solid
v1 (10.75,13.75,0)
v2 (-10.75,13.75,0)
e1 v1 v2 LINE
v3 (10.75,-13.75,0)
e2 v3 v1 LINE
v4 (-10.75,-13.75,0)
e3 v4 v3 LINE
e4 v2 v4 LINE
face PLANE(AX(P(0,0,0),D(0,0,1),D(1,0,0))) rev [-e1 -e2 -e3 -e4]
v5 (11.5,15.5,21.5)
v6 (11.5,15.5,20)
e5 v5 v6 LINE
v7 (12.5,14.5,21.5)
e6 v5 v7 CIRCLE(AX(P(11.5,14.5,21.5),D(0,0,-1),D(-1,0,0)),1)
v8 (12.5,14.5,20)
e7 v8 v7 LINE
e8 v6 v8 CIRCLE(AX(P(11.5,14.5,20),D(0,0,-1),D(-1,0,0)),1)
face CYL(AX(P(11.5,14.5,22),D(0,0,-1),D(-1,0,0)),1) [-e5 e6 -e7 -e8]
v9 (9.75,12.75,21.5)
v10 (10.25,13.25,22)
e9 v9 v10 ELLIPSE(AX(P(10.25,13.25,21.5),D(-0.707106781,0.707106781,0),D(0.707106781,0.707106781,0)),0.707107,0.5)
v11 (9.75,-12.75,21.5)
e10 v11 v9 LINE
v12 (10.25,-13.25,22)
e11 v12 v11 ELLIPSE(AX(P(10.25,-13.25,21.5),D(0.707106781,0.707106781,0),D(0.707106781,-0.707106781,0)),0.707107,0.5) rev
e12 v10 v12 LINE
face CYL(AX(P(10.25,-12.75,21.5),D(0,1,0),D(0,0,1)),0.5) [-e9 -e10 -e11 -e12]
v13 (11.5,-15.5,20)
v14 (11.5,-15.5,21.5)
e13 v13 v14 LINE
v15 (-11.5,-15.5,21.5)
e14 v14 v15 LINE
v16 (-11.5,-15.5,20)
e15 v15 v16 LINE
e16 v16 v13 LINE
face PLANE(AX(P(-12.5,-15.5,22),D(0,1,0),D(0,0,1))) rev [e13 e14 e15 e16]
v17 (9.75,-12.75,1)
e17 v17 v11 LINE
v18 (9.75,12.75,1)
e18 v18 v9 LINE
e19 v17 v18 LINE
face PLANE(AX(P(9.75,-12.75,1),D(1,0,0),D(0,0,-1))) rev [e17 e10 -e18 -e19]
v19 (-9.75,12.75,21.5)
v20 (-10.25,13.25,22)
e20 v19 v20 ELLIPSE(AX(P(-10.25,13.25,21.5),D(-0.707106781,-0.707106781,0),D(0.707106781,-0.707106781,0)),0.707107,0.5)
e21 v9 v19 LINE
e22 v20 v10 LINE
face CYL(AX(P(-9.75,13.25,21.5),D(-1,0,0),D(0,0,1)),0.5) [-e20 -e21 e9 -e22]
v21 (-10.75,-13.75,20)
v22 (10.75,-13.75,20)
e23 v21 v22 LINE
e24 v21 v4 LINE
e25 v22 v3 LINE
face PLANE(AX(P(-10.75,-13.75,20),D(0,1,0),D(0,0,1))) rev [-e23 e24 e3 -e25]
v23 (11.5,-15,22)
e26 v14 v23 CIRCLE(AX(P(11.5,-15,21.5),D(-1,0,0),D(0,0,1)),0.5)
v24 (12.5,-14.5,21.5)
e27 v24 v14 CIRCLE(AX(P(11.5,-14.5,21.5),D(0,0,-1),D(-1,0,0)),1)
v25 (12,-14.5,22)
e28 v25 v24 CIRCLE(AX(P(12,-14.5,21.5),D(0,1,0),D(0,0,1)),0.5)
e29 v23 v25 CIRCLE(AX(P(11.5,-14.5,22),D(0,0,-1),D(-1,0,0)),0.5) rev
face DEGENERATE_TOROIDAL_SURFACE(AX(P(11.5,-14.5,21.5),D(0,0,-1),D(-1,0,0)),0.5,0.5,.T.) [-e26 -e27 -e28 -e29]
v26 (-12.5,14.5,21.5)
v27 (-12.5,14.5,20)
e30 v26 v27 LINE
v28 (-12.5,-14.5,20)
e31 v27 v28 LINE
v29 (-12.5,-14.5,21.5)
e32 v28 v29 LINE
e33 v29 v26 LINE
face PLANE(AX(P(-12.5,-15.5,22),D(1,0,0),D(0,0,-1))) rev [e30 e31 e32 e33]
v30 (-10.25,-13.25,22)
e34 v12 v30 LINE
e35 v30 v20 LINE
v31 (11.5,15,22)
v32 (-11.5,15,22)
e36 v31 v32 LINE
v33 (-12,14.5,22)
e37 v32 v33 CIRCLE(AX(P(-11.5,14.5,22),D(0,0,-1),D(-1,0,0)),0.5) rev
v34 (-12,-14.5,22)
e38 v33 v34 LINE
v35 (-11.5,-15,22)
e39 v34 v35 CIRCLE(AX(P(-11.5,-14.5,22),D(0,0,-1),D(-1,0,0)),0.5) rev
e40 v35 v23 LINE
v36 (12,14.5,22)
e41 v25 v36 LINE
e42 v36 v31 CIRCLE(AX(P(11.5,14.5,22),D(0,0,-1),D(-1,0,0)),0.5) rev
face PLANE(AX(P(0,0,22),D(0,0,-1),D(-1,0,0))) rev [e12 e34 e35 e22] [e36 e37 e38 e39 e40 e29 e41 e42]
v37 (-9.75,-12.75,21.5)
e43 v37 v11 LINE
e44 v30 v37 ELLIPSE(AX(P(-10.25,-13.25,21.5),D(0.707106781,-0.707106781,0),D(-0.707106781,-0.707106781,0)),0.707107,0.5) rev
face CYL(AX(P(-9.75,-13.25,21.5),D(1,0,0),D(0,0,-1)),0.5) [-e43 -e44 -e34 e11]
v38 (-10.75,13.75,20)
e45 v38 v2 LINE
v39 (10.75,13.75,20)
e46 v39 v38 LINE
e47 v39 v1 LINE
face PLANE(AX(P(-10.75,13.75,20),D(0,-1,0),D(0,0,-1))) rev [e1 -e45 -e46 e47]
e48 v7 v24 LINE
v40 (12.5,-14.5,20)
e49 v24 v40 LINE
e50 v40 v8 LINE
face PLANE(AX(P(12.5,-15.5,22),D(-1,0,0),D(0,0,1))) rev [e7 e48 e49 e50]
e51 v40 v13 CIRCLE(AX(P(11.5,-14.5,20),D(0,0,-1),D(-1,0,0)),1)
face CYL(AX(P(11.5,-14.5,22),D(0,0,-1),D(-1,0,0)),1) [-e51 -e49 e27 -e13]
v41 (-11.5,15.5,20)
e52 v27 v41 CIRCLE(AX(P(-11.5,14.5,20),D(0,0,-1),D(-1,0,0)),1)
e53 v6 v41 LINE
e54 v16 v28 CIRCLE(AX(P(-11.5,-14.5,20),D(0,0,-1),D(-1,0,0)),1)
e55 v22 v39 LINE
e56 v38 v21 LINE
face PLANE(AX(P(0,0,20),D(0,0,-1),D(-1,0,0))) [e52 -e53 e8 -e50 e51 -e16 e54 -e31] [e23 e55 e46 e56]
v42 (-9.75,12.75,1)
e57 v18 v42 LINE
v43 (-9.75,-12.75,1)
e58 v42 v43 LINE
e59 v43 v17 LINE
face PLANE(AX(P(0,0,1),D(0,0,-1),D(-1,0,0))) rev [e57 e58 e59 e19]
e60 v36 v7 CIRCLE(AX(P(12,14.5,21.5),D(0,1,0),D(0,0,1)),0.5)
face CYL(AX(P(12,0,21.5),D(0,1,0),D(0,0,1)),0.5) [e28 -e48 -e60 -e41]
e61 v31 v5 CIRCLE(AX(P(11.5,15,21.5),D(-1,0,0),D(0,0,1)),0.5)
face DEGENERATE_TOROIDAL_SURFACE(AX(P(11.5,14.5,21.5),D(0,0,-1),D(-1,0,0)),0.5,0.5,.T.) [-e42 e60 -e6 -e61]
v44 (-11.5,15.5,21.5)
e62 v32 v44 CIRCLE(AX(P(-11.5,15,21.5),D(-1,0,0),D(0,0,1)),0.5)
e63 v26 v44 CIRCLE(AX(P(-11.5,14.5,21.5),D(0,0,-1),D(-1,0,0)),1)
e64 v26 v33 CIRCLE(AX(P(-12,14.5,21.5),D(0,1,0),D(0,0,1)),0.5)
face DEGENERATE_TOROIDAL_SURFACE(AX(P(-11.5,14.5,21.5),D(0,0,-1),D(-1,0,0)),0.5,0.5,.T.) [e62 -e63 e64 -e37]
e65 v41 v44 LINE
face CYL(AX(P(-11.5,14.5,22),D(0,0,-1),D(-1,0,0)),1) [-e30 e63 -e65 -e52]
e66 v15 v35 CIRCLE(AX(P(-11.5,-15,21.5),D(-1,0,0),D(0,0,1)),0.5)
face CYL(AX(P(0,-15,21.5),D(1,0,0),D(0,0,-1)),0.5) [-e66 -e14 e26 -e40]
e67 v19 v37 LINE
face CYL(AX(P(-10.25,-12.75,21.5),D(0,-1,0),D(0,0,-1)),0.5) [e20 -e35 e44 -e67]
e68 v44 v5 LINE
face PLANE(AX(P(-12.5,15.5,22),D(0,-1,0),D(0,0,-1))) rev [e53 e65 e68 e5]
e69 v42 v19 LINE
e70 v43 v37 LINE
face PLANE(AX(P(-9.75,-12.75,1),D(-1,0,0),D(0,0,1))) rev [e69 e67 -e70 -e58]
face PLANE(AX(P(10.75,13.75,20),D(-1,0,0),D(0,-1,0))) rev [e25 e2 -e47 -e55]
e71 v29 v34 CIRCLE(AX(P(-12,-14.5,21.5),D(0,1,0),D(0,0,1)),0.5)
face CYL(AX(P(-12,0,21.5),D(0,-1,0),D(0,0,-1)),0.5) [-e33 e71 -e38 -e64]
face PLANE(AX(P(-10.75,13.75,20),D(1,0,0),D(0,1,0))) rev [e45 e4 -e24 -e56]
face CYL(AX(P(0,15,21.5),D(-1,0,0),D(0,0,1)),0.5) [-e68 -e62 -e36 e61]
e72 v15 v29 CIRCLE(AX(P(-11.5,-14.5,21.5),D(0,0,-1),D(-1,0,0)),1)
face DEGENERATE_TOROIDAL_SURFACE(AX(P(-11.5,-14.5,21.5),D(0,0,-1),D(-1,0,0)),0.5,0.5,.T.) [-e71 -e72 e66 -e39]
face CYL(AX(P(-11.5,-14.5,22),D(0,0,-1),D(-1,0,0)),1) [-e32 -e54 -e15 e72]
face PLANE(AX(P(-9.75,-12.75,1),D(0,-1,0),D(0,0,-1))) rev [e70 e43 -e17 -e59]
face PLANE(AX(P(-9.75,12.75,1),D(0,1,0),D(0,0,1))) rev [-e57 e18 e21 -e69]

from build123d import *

# Parameters (mm, degrees)
SKETCH1_W           = 21.5
SKETCH1_H           = 27.5
BOSS_EXTRUDE1_DEPTH = 20
SKETCH2_W           = 25
SKETCH2_H           = 31
BOSS_EXTRUDE2_DEPTH = 2
SKETCH3_W           = 19.5
SKETCH3_H           = 25.5
CUT_EXTRUDE1_DEPTH  = 21
FILLET1_R           = 1
FILLET2_R           = 0.5


with BuildPart() as part:
    # Sketch1 → Boss-Extrude1 (new body)
    with BuildSketch(Plane.XY):
        Rectangle(SKETCH1_W, SKETCH1_H)
    extrude(amount=BOSS_EXTRUDE1_DEPTH)

    # Sketch2 → Boss-Extrude2 (add)
    with BuildSketch(Plane.XY.offset(20)):
        Rectangle(SKETCH2_W, SKETCH2_H)
    extrude(amount=BOSS_EXTRUDE2_DEPTH)

    # Sketch3 → Cut-Extrude1 (cut)
    with BuildSketch(Plane.XY.offset(22)):
        Rectangle(SKETCH3_W, SKETCH3_H)
    extrude(amount=-CUT_EXTRUDE1_DEPTH, mode=Mode.SUBTRACT)

    # Fillet1
    fillet1_edges = [part.edges().sort_by_distance(p)[0] for p in [
        (12.5, -15.5, 21),
        (12.5, 15.5, 21),
        (-12.5, 15.5, 21),
        (-12.5, -15.5, 21),
    ]]
    fillet(fillet1_edges, radius=FILLET1_R)

    # Fillet2
    fillet2_edges = [part.edges().sort_by_distance(p)[0] for p in [
        (9.75, 0, 22),
        (0, 12.75, 22),
        (-9.75, 0, 22),
        (0, -12.75, 22),
        (0, -15.5, 22),
        (-12.5, 0, 22),
        (12.5, 0, 22),
        (0, 15.5, 22),
        (12.207106781, 15.207106781, 22),
        (-12.207106781, 15.207106781, 22),
        (12.207106781, -15.207106781, 22),
        (-12.207106781, -15.207106781, 22),
    ]]
    fillet(fillet2_edges, radius=FILLET2_R)


solid = part.part
